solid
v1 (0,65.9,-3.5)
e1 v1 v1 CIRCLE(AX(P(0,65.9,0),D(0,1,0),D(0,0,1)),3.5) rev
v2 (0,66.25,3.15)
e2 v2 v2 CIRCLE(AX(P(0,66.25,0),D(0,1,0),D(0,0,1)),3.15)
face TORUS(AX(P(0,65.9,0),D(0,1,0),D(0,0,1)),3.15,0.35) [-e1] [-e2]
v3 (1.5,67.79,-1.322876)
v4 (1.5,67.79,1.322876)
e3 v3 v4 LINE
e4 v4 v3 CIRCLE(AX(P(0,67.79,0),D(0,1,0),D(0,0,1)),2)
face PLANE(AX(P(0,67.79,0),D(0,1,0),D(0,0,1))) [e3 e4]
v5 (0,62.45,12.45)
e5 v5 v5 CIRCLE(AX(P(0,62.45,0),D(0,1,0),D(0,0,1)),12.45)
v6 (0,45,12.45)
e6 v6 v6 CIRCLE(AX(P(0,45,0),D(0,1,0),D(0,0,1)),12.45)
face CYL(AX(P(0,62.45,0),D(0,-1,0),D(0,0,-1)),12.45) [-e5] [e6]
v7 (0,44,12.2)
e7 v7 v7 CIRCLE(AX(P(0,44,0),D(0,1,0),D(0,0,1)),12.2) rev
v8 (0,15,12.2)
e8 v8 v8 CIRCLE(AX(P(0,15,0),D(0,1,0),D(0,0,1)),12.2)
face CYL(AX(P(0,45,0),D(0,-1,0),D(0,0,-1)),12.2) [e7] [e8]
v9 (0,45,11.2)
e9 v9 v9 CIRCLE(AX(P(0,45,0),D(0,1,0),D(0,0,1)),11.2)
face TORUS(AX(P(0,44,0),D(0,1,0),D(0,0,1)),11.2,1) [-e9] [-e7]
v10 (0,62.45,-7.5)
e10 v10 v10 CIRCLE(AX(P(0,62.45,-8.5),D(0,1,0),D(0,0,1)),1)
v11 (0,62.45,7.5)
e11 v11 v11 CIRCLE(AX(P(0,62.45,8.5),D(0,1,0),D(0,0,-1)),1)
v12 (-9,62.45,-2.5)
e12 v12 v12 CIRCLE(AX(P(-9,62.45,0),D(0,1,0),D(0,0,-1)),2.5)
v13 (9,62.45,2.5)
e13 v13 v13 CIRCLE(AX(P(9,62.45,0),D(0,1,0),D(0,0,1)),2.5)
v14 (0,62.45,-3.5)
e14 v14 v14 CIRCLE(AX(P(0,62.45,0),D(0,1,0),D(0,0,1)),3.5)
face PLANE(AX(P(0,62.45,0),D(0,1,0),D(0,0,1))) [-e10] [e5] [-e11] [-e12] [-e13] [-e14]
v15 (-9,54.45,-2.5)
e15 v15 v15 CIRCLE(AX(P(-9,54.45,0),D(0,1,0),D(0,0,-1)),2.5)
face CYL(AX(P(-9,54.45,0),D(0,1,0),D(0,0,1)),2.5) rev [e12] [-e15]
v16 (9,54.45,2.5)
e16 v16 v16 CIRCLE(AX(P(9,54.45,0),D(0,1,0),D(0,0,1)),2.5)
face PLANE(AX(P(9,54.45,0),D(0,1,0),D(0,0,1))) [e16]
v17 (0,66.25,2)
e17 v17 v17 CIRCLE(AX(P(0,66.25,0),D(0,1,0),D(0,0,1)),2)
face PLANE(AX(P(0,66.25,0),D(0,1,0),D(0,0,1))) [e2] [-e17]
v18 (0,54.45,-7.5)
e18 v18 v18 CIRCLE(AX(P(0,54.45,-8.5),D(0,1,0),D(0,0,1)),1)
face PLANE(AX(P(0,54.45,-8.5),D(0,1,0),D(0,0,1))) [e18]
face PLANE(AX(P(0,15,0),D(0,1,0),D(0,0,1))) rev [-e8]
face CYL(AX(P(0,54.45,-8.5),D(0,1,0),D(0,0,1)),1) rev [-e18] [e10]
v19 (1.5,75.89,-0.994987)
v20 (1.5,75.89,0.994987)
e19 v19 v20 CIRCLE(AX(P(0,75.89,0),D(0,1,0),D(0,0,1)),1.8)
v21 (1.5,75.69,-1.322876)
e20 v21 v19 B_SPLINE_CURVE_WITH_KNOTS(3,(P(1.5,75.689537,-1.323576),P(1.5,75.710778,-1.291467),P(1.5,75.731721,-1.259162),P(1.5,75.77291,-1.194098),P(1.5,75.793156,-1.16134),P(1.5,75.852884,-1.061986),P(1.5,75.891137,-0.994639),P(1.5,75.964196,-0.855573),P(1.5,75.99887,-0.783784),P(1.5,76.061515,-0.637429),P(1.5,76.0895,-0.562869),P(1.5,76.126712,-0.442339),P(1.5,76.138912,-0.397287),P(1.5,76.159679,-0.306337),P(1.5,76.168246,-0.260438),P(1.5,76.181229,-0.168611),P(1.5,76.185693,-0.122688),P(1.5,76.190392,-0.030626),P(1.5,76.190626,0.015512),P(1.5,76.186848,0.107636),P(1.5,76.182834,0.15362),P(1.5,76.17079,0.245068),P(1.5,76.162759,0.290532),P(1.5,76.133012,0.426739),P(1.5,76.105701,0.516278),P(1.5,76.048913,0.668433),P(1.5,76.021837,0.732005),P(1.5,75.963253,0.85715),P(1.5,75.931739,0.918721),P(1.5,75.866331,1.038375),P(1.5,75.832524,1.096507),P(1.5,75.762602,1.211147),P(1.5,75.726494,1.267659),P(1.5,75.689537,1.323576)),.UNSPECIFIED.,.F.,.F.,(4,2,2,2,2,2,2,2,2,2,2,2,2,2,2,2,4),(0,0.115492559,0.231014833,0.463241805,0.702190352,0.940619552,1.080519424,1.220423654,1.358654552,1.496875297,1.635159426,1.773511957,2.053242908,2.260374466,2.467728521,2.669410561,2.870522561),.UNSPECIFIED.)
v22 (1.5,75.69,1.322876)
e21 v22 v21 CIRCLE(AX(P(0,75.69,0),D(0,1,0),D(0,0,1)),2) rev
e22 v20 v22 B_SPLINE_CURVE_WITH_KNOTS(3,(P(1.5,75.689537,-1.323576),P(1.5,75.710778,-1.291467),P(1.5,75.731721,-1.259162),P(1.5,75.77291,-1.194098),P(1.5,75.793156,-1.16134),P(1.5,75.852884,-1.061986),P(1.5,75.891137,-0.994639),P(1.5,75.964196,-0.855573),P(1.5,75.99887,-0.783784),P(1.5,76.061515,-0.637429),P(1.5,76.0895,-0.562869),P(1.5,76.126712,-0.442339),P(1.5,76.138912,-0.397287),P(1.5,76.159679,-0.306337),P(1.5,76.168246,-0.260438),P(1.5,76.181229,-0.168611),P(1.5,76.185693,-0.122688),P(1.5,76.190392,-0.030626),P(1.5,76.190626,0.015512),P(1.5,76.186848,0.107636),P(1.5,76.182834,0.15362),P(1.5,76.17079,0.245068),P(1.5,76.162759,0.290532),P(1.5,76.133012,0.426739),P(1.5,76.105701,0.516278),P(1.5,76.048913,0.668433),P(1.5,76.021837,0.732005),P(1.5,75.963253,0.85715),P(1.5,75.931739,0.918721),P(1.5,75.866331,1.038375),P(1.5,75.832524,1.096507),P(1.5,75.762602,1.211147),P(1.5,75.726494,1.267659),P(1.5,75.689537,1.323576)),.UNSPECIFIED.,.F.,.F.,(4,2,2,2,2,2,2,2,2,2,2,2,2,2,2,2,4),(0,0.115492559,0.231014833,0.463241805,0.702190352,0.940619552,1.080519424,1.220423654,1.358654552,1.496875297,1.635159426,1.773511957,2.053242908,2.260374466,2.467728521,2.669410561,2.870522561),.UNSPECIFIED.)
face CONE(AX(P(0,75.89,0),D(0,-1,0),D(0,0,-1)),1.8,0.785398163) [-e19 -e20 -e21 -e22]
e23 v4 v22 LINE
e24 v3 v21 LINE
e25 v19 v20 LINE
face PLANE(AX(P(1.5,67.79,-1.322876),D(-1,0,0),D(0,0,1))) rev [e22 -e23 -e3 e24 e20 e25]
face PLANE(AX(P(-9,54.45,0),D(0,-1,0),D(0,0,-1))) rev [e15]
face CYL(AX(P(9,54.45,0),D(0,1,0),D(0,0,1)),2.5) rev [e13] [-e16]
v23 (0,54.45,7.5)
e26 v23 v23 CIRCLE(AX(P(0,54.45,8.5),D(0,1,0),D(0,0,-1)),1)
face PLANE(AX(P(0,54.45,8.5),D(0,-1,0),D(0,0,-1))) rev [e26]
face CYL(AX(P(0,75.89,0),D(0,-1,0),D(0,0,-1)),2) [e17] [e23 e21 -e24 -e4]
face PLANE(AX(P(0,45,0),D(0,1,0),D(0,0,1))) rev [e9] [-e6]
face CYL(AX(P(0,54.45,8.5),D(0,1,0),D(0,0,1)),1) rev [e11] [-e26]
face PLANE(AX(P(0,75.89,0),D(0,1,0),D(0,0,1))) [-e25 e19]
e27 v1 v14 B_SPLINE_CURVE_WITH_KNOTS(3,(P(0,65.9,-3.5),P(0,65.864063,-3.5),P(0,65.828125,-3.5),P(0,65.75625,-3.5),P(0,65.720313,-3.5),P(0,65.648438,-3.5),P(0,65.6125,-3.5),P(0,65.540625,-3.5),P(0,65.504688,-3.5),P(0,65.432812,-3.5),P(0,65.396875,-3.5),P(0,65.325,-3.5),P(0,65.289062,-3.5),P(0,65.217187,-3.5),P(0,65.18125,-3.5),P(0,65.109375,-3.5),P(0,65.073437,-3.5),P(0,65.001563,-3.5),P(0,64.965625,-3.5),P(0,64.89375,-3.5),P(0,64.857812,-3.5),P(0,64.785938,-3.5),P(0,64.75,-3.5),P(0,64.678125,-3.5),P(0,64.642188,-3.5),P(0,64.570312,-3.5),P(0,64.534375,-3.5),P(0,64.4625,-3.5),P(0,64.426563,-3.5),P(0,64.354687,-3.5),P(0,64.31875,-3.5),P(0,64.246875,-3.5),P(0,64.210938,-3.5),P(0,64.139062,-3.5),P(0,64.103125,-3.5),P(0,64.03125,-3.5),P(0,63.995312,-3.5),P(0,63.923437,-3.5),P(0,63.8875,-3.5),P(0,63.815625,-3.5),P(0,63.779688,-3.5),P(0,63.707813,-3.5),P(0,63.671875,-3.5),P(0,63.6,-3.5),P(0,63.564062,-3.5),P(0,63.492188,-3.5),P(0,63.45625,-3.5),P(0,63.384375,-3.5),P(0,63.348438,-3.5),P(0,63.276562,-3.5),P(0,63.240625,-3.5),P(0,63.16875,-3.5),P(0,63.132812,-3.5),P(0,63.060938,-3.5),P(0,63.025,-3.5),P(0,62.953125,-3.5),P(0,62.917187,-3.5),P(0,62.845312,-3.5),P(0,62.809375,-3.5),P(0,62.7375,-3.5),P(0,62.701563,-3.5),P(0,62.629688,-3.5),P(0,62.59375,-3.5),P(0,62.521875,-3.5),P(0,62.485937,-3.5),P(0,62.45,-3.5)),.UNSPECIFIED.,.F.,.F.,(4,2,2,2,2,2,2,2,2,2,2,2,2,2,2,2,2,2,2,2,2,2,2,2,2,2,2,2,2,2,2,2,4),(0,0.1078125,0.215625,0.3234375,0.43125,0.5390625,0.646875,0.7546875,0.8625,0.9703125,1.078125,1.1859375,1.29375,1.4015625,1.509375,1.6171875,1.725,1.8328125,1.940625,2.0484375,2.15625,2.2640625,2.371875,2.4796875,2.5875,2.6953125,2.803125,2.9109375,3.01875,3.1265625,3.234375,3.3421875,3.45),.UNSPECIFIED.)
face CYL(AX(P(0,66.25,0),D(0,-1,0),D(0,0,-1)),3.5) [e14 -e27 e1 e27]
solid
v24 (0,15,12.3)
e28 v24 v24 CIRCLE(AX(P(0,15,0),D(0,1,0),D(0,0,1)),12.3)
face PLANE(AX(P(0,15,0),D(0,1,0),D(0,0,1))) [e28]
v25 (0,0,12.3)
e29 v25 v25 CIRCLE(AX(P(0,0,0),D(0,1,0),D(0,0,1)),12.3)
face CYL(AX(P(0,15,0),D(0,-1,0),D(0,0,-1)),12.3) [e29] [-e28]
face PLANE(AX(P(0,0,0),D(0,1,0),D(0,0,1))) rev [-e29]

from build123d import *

# Parameters (mm, degrees)
CROQUIS1_R              = 12.3
SALIENTE_EXTRUIR1_DEPTH = 15
CROQUIS2_R              = 12.2
SALIENTE_EXTRUIR2_DEPTH = 30
REDONDEO1_R             = 1
CROQUIS3_R              = 12.45
SALIENTE_EXTRUIR3_DEPTH = 17.45
CROQUIS4_R              = 1
CROQUIS4_R_2            = 2.5
CORTAR_EXTRUIR1_DEPTH   = 8
CROQUIS5_R              = 3.5
SALIENTE_EXTRUIR4_DEPTH = 3.8
REDONDEO2_R             = 0.35
CROQUIS6_R              = 2
SALIENTE_EXTRUIR5_DEPTH = 9.64
CHAFL_N1_SIZE           = 0.2
CORTAR_EXTRUIR2_DEPTH   = 8.1


with BuildPart() as part:
    # Croquis1 → Saliente-Extruir1 (new body)
    with BuildSketch(Plane(origin=(0, 0, 0), x_dir=(1, 0, 0), z_dir=(0, 1, 0))):
        with Locations(Location((0, 0, 0), (0, 0, 270))):
            Circle(CROQUIS1_R)
    extrude(amount=SALIENTE_EXTRUIR1_DEPTH)


with BuildPart() as body_2:
    # Croquis2 → Saliente-Extruir2 (new body)
    with BuildSketch(Plane(origin=(0, 15, 0), x_dir=(1, 0, 0), z_dir=(0, 1, 0))):
        with Locations(Location((0, 0, 0), (0, 0, 270))):
            Circle(CROQUIS2_R)
    extrude(amount=SALIENTE_EXTRUIR2_DEPTH)

    # Redondeo1
    redondeo1_edges = [body_2.edges().sort_by_distance(p)[0] for p in [
        (0, 45, -12.2),
    ]]
    fillet(redondeo1_edges, radius=REDONDEO1_R)

    # Croquis3 → Saliente-Extruir3 (add)
    with BuildSketch(Plane(origin=(0, 45, 0), x_dir=(1, 0, 0), z_dir=(0, 1, 0))):
        with Locations(Location((0, 0, 0), (0, 0, 270))):
            Circle(CROQUIS3_R)
    extrude(amount=SALIENTE_EXTRUIR3_DEPTH)

    # Croquis4 → Cortar-Extruir1 (cut)
    with BuildSketch(Plane(origin=(0, 62.45, 0), x_dir=(1, 0, 0), z_dir=(0, 1, 0))):
        with Locations(Location((0, 8.5, 0), (0, 0, 270))):
            Circle(CROQUIS4_R)
        with Locations(Location((0, -8.5, 0), (0, 0, 90))):
            Circle(CROQUIS4_R)
        with Locations(Location((9, 0, 0), (0, 0, 270))):
            Circle(CROQUIS4_R_2)
        with Locations(Location((-9, 0, 0), (0, 0, 90))):
            Circle(CROQUIS4_R_2)
    extrude(amount=-CORTAR_EXTRUIR1_DEPTH, mode=Mode.SUBTRACT)

    # Croquis5 → Saliente-Extruir4 (add)
    with BuildSketch(Plane(origin=(0, 62.45, 0), x_dir=(1, 0, 0), z_dir=(0, 1, 0))):
        with Locations(Location((0, 0, 0), (0, 0, 90))):
            Circle(CROQUIS5_R)
    extrude(amount=SALIENTE_EXTRUIR4_DEPTH)

    # Redondeo2
    redondeo2_edges = [body_2.edges().sort_by_distance(p)[0] for p in [
        (0, 66.25, 3.5),
    ]]
    fillet(redondeo2_edges, radius=REDONDEO2_R)

    # Croquis6 → Saliente-Extruir5 (add)
    with BuildSketch(Plane(origin=(0, 66.25, 0), x_dir=(1, 0, 0), z_dir=(0, 1, 0))):
        with Locations(Location((0, 0, 0), (0, 0, 270))):
            Circle(CROQUIS6_R)
    extrude(amount=SALIENTE_EXTRUIR5_DEPTH)

    # Chaflán1
    chafl_n1_edges = [body_2.edges().sort_by_distance(p)[0] for p in [
        (0, 75.89, -2),
    ]]
    chamfer(chafl_n1_edges, length=CHAFL_N1_SIZE)

    # Croquis7 → Cortar-Extruir2 (cut)
    with BuildSketch(Plane(origin=(0, 75.89, 0), x_dir=(1, 0, 0), z_dir=(0, 1, 0))):
        with BuildLine():
            Line((1.5, 1.322875656), (1.5, -1.322875656))
            ThreePointArc((1.5, -1.322875656), (2, 0), (1.5, 1.322875656))
        make_face()
    extrude(amount=-CORTAR_EXTRUIR2_DEPTH, mode=Mode.SUBTRACT)


solid = Compound([part.part, body_2.part])
